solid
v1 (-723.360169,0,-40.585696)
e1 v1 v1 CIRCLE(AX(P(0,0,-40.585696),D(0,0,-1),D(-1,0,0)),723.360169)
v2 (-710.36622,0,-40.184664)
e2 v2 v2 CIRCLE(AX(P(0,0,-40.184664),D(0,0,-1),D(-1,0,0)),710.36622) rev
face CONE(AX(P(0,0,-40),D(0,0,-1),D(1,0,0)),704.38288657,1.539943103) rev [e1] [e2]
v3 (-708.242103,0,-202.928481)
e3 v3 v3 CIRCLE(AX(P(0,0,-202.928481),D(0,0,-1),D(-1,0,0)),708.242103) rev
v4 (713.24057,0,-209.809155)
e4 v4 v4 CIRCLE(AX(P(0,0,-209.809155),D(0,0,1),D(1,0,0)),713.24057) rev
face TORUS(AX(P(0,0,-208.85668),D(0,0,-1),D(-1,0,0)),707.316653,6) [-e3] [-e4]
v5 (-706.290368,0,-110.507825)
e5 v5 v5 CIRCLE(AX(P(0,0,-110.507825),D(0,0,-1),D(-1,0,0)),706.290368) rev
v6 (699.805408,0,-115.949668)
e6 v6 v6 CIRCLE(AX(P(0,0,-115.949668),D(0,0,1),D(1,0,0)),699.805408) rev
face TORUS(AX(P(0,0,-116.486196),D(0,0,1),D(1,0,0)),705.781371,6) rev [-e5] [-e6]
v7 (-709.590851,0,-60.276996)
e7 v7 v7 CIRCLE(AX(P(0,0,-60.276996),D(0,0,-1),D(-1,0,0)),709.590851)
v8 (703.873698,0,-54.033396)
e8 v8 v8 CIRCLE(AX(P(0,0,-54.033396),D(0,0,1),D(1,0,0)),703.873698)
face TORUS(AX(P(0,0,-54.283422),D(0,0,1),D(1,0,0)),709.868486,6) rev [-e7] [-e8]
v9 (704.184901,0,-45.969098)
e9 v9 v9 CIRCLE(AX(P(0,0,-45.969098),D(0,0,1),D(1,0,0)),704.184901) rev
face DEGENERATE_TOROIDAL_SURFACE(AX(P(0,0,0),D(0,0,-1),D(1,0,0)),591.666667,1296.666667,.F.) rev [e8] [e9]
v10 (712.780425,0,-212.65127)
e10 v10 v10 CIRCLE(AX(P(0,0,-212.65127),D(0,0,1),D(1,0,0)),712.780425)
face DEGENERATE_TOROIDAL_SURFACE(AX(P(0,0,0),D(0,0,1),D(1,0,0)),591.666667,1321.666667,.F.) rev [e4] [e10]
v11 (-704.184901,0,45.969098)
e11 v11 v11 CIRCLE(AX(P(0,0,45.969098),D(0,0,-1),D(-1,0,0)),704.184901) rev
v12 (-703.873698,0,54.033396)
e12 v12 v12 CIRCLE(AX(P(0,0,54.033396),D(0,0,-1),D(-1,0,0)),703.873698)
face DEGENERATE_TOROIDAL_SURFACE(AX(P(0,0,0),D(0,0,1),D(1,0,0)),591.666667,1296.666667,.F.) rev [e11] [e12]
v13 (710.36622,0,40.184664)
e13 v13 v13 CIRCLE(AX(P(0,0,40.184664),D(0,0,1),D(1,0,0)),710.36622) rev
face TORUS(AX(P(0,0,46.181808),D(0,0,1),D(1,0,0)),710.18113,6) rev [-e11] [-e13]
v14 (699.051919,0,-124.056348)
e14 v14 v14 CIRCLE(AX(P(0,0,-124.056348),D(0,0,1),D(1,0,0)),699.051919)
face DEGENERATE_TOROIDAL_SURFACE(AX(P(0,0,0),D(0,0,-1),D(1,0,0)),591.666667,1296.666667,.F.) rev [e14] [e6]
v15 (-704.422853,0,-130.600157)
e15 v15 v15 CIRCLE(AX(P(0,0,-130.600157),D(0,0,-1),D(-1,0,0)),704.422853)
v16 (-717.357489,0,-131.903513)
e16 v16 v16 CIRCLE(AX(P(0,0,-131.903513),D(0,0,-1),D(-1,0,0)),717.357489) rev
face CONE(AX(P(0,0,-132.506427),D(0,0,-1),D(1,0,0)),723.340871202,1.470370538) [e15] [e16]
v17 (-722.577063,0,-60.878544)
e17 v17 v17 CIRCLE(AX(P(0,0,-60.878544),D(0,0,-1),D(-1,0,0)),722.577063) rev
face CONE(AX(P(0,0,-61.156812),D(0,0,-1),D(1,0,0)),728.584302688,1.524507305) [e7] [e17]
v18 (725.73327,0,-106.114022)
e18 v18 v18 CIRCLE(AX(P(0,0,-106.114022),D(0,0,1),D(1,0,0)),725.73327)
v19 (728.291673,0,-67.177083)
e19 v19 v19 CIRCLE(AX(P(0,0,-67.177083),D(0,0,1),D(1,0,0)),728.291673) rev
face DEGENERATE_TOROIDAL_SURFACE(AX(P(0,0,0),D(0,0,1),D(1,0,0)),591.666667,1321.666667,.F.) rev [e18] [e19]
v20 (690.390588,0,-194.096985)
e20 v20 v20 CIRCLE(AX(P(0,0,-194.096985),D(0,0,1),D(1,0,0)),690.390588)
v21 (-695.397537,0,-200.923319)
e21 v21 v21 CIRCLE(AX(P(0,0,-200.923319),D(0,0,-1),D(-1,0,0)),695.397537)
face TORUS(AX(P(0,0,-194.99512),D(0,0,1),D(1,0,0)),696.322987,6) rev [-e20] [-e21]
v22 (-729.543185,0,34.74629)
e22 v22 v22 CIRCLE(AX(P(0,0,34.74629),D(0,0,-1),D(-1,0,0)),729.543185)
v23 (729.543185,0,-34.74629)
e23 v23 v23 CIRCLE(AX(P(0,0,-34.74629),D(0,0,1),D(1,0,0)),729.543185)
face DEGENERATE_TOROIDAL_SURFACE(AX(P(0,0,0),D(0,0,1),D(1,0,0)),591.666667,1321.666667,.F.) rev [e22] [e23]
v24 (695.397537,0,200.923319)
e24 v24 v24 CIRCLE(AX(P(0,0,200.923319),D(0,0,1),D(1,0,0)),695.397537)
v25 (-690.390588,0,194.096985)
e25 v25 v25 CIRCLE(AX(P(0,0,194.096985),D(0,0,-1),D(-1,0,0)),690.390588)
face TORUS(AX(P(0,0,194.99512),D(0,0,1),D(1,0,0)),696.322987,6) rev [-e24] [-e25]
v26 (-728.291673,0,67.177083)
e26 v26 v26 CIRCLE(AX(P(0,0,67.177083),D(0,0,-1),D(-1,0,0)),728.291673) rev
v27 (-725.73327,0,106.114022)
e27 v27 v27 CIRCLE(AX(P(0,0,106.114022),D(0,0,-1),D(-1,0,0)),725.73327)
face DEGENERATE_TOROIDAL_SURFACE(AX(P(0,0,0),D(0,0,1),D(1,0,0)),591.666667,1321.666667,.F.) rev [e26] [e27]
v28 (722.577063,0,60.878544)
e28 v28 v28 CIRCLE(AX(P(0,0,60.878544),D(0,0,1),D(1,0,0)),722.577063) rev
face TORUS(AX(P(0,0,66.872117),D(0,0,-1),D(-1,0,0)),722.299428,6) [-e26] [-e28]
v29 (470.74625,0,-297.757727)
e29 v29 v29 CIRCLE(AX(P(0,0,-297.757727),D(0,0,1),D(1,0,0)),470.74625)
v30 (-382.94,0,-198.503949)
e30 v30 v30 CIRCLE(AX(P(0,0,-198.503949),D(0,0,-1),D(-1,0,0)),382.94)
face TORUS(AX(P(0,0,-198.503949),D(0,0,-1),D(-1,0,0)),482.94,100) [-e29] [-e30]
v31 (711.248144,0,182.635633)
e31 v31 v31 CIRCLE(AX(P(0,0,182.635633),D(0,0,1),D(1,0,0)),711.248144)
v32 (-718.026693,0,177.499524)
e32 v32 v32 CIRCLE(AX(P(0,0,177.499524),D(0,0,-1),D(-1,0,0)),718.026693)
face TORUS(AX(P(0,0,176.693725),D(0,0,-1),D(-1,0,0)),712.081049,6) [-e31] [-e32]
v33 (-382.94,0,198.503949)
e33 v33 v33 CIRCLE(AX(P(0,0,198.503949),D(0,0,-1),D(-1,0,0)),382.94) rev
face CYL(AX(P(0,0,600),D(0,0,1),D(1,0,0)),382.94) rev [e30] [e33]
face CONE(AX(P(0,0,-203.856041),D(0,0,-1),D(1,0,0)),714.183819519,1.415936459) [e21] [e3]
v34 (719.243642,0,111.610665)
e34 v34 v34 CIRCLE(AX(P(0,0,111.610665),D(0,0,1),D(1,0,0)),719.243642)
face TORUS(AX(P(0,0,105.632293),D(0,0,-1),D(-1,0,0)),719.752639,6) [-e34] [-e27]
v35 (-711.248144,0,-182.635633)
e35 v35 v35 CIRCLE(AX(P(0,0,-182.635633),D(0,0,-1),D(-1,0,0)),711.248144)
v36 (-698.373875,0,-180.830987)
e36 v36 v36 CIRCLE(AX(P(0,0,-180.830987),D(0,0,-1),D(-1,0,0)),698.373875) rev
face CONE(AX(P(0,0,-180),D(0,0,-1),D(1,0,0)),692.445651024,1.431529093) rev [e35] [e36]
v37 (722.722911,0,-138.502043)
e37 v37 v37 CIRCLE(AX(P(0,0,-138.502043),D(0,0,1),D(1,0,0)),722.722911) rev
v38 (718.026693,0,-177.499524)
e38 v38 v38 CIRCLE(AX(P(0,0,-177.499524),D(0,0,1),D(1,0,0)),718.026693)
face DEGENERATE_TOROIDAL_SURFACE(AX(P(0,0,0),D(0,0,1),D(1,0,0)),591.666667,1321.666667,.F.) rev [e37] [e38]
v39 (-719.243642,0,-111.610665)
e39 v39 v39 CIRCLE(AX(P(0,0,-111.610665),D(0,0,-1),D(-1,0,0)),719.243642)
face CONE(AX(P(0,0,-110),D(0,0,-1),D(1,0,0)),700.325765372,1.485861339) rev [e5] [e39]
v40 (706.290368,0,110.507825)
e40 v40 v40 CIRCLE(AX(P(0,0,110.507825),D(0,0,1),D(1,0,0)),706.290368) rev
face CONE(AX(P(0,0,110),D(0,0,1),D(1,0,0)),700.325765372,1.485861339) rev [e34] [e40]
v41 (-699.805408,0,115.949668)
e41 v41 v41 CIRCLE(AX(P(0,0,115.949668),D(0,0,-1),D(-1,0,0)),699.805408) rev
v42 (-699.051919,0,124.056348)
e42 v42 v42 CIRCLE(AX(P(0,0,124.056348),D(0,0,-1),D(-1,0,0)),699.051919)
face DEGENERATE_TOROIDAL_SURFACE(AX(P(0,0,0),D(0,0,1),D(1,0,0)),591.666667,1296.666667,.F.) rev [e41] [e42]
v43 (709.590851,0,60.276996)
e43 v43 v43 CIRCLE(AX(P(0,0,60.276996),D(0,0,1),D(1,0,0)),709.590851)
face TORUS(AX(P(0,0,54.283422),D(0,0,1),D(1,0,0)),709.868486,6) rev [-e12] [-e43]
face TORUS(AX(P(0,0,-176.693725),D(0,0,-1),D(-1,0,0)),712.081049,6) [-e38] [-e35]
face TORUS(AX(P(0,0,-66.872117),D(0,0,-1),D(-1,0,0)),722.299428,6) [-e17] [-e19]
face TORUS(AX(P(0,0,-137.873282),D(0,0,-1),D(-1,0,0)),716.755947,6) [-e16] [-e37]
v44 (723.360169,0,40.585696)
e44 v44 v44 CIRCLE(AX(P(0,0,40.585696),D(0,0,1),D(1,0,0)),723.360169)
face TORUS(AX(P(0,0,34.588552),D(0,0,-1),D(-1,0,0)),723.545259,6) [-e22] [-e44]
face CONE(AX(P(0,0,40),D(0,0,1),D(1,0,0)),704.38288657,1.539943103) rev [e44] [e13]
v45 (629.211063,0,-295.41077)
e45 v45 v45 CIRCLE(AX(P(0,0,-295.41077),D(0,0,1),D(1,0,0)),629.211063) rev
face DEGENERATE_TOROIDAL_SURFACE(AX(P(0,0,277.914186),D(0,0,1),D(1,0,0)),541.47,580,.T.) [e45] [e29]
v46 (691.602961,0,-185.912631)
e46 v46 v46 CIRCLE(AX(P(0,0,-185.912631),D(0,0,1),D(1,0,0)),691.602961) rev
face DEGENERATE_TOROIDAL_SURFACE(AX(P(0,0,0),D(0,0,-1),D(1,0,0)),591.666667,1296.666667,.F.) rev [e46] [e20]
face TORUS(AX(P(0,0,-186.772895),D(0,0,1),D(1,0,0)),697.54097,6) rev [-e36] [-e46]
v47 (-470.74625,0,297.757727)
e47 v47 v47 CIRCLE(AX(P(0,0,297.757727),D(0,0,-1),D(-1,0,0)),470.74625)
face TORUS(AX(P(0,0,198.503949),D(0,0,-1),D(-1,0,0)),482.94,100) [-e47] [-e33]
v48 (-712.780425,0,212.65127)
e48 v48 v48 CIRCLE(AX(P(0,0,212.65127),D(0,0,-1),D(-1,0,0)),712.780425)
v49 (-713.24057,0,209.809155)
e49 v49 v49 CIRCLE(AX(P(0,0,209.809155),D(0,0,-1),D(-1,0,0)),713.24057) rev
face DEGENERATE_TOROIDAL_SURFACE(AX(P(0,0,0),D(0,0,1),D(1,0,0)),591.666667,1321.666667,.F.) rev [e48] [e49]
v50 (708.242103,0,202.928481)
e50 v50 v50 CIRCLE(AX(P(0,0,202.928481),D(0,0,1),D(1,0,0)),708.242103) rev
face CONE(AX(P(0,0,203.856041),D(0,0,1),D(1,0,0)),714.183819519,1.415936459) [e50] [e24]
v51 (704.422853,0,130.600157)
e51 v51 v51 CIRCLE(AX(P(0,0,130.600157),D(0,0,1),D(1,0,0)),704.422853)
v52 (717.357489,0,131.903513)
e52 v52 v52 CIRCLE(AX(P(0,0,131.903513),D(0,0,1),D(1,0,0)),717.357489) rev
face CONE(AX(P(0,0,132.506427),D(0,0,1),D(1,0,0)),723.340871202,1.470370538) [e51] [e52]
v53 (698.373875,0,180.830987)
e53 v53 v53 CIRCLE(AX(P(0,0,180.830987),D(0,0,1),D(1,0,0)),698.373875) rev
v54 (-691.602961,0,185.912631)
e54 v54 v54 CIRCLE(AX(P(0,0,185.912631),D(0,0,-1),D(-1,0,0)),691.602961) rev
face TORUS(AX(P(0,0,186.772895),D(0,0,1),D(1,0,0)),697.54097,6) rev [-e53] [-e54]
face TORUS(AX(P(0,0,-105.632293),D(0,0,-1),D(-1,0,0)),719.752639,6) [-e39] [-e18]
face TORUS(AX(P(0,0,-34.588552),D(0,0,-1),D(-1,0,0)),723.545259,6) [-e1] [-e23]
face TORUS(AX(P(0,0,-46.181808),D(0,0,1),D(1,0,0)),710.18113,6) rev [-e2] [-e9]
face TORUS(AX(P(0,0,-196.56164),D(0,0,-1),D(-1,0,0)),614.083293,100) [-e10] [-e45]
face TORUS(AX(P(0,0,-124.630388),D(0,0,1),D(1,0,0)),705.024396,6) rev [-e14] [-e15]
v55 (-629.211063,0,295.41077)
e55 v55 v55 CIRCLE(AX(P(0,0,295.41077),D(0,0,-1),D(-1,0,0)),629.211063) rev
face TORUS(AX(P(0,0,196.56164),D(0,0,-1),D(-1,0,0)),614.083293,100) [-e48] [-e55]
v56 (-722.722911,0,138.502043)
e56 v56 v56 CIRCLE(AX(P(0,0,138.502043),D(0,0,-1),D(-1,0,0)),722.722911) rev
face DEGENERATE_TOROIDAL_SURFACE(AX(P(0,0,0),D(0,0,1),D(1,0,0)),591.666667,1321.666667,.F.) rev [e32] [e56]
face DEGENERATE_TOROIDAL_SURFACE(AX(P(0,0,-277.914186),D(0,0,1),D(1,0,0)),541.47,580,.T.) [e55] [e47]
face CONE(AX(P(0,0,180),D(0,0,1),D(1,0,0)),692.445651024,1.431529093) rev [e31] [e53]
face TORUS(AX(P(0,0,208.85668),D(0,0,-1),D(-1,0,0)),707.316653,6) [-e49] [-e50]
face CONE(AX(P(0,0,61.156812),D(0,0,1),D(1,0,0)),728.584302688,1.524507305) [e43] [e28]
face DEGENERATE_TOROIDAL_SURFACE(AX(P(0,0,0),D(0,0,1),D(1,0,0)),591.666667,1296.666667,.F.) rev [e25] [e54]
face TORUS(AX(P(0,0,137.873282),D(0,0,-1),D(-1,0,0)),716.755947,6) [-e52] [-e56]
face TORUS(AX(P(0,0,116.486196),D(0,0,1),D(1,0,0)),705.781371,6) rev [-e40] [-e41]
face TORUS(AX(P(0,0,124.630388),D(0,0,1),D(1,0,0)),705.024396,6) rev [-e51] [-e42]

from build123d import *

# Parameters (mm, degrees)
CONG_1_R              = 6
CONG_1_OF_SYM_TRIE1_R = 6
CONG_3_R              = 100


with BuildPart() as part:
    # Esquisse1 → Révolution1 (revolve)
    with BuildSketch(Plane(origin=(0, 0, 0), x_dir=(0, 0, -1), z_dir=(1, 0, 0)), mode=Mode.PRIVATE) as r_volution1_sk:
        with BuildLine():
            Line((-280, 382.94), (280, 382.94))
            ThreePointArc((280, 382.94), (302.085813857, 541.47), (280, 700))
            ThreePointArc((280, 700), (0, 730), (-280, 700))
            ThreePointArc((-280, 700), (-302.085813857, 541.47), (-280, 382.94))
        make_face()
    revolve(r_volution1_sk.sketch.rotate(Axis((0, 0, 600), (0, 0, -1)), 90), axis=Axis((0, 0, 600), (0, 0, -1)))

    # Esquisse4 → Enlèvement de matière-Révolution1 (revolve, cut)
    with BuildSketch(Plane(origin=(0, 0, 0), x_dir=(0, 0, -1), z_dir=(1, 0, 0)), mode=Mode.PRIVATE) as enl_vement_de_mati_re_r_volution1_sk:
        with BuildLine():
            Line((-40, 704.38288657), (-40.771208226, 729.370988496))
            ThreePointArc((-40.771208226, 729.370988496), (-50.965528181, 729.016979297), (-61.156812339, 728.584302688))
            Line((-61.156812339, 728.584302688), (-60, 703.611081326))
            ThreePointArc((-60, 703.611081326), (-50.001489186, 704.035573635), (-40, 704.38288657))
        make_face()
        with BuildLine():
            Line((-110, 700.325765372), (-112.120822622, 725.235645167))
            ThreePointArc((-112.120822622, 725.235645167), (-122.317293643, 724.32773205), (-132.506426735, 723.340871202))
            Line((-132.506426735, 723.340871202), (-130, 698.466832024))
            ThreePointArc((-130, 698.466832024), (-120.003599564, 699.435025895), (-110, 700.325765372))
        make_face()
        with BuildLine():
            Line((-180, 692.445651024), (-183.470437018, 717.203600594))
            ThreePointArc((-183.470437018, 717.203600594), (-193.669124897, 715.733443414), (-203.856041131, 714.183819519))
            Line((-203.856041131, 714.183819519), (-200, 689.482990651))
            ThreePointArc((-200, 689.482990651), (-190.005774489, 691.003302618), (-180, 692.445651024))
        make_face()
    enl_vement_de_mati_re_r_volution1 = revolve(enl_vement_de_mati_re_r_volution1_sk.sketch.rotate(Axis((0, 0, 274.703656999), (0, 0, -1)), 90), axis=Axis((0, 0, 274.703656999), (0, 0, -1)), mode=Mode.SUBTRACT)

    # Congé1
    cong_1_edges = [part.edges().sort_by_distance(p)[0] for p in [
        (-703.611081326, 0, 60),
        (-704.38288657, 0, 40),
        (-729.370988496, 0, 40.771208226),
        (-728.584302688, 0, 61.156812339),
        (-698.466832024, 0, 130),
        (-700.325765372, 0, 110),
        (-725.235645167, 0, 112.120822622),
        (-723.340871202, 0, 132.506426735),
        (-689.482990651, 0, 200),
        (-692.445651024, 0, 180),
        (-717.203600594, 0, 183.470437018),
        (-714.183819519, 0, 203.856041131),
    ]]
    fillet(cong_1_edges, radius=CONG_1_R)

    # Symétrie1: Enlèvement de matière-Révolution1 across plane
    add(enl_vement_de_mati_re_r_volution1.mirror(Plane.XY), mode=Mode.SUBTRACT)

    # Congé1 of Symétrie1
    cong_1_of_sym_trie1_edges = [part.edges().sort_by_distance(p)[0] for p in [
        (-703.611081326, 0, -60),
        (-704.38288657, 0, -40),
        (-729.370988496, 0, -40.771208226),
        (-728.584302688, 0, -61.156812339),
        (-698.466832024, 0, -130),
        (-700.325765372, 0, -110),
        (-725.235645167, 0, -112.120822622),
        (-723.340871202, 0, -132.506426735),
        (-689.482990651, 0, -200),
        (-692.445651024, 0, -180),
        (-717.203600594, 0, -183.470437018),
        (-714.183819519, 0, -203.856041131),
    ]]
    fillet(cong_1_of_sym_trie1_edges, radius=CONG_1_OF_SYM_TRIE1_R)

    # Congé3
    cong_3_edges = [part.edges().sort_by_distance(p)[0] for p in [
        (-700, 0, 280),
        (-700, 0, -280),
        (-382.94, 0, -280),
        (-382.94, 0, 280),
    ]]
    fillet(cong_3_edges, radius=CONG_3_R)


solid = part.part
